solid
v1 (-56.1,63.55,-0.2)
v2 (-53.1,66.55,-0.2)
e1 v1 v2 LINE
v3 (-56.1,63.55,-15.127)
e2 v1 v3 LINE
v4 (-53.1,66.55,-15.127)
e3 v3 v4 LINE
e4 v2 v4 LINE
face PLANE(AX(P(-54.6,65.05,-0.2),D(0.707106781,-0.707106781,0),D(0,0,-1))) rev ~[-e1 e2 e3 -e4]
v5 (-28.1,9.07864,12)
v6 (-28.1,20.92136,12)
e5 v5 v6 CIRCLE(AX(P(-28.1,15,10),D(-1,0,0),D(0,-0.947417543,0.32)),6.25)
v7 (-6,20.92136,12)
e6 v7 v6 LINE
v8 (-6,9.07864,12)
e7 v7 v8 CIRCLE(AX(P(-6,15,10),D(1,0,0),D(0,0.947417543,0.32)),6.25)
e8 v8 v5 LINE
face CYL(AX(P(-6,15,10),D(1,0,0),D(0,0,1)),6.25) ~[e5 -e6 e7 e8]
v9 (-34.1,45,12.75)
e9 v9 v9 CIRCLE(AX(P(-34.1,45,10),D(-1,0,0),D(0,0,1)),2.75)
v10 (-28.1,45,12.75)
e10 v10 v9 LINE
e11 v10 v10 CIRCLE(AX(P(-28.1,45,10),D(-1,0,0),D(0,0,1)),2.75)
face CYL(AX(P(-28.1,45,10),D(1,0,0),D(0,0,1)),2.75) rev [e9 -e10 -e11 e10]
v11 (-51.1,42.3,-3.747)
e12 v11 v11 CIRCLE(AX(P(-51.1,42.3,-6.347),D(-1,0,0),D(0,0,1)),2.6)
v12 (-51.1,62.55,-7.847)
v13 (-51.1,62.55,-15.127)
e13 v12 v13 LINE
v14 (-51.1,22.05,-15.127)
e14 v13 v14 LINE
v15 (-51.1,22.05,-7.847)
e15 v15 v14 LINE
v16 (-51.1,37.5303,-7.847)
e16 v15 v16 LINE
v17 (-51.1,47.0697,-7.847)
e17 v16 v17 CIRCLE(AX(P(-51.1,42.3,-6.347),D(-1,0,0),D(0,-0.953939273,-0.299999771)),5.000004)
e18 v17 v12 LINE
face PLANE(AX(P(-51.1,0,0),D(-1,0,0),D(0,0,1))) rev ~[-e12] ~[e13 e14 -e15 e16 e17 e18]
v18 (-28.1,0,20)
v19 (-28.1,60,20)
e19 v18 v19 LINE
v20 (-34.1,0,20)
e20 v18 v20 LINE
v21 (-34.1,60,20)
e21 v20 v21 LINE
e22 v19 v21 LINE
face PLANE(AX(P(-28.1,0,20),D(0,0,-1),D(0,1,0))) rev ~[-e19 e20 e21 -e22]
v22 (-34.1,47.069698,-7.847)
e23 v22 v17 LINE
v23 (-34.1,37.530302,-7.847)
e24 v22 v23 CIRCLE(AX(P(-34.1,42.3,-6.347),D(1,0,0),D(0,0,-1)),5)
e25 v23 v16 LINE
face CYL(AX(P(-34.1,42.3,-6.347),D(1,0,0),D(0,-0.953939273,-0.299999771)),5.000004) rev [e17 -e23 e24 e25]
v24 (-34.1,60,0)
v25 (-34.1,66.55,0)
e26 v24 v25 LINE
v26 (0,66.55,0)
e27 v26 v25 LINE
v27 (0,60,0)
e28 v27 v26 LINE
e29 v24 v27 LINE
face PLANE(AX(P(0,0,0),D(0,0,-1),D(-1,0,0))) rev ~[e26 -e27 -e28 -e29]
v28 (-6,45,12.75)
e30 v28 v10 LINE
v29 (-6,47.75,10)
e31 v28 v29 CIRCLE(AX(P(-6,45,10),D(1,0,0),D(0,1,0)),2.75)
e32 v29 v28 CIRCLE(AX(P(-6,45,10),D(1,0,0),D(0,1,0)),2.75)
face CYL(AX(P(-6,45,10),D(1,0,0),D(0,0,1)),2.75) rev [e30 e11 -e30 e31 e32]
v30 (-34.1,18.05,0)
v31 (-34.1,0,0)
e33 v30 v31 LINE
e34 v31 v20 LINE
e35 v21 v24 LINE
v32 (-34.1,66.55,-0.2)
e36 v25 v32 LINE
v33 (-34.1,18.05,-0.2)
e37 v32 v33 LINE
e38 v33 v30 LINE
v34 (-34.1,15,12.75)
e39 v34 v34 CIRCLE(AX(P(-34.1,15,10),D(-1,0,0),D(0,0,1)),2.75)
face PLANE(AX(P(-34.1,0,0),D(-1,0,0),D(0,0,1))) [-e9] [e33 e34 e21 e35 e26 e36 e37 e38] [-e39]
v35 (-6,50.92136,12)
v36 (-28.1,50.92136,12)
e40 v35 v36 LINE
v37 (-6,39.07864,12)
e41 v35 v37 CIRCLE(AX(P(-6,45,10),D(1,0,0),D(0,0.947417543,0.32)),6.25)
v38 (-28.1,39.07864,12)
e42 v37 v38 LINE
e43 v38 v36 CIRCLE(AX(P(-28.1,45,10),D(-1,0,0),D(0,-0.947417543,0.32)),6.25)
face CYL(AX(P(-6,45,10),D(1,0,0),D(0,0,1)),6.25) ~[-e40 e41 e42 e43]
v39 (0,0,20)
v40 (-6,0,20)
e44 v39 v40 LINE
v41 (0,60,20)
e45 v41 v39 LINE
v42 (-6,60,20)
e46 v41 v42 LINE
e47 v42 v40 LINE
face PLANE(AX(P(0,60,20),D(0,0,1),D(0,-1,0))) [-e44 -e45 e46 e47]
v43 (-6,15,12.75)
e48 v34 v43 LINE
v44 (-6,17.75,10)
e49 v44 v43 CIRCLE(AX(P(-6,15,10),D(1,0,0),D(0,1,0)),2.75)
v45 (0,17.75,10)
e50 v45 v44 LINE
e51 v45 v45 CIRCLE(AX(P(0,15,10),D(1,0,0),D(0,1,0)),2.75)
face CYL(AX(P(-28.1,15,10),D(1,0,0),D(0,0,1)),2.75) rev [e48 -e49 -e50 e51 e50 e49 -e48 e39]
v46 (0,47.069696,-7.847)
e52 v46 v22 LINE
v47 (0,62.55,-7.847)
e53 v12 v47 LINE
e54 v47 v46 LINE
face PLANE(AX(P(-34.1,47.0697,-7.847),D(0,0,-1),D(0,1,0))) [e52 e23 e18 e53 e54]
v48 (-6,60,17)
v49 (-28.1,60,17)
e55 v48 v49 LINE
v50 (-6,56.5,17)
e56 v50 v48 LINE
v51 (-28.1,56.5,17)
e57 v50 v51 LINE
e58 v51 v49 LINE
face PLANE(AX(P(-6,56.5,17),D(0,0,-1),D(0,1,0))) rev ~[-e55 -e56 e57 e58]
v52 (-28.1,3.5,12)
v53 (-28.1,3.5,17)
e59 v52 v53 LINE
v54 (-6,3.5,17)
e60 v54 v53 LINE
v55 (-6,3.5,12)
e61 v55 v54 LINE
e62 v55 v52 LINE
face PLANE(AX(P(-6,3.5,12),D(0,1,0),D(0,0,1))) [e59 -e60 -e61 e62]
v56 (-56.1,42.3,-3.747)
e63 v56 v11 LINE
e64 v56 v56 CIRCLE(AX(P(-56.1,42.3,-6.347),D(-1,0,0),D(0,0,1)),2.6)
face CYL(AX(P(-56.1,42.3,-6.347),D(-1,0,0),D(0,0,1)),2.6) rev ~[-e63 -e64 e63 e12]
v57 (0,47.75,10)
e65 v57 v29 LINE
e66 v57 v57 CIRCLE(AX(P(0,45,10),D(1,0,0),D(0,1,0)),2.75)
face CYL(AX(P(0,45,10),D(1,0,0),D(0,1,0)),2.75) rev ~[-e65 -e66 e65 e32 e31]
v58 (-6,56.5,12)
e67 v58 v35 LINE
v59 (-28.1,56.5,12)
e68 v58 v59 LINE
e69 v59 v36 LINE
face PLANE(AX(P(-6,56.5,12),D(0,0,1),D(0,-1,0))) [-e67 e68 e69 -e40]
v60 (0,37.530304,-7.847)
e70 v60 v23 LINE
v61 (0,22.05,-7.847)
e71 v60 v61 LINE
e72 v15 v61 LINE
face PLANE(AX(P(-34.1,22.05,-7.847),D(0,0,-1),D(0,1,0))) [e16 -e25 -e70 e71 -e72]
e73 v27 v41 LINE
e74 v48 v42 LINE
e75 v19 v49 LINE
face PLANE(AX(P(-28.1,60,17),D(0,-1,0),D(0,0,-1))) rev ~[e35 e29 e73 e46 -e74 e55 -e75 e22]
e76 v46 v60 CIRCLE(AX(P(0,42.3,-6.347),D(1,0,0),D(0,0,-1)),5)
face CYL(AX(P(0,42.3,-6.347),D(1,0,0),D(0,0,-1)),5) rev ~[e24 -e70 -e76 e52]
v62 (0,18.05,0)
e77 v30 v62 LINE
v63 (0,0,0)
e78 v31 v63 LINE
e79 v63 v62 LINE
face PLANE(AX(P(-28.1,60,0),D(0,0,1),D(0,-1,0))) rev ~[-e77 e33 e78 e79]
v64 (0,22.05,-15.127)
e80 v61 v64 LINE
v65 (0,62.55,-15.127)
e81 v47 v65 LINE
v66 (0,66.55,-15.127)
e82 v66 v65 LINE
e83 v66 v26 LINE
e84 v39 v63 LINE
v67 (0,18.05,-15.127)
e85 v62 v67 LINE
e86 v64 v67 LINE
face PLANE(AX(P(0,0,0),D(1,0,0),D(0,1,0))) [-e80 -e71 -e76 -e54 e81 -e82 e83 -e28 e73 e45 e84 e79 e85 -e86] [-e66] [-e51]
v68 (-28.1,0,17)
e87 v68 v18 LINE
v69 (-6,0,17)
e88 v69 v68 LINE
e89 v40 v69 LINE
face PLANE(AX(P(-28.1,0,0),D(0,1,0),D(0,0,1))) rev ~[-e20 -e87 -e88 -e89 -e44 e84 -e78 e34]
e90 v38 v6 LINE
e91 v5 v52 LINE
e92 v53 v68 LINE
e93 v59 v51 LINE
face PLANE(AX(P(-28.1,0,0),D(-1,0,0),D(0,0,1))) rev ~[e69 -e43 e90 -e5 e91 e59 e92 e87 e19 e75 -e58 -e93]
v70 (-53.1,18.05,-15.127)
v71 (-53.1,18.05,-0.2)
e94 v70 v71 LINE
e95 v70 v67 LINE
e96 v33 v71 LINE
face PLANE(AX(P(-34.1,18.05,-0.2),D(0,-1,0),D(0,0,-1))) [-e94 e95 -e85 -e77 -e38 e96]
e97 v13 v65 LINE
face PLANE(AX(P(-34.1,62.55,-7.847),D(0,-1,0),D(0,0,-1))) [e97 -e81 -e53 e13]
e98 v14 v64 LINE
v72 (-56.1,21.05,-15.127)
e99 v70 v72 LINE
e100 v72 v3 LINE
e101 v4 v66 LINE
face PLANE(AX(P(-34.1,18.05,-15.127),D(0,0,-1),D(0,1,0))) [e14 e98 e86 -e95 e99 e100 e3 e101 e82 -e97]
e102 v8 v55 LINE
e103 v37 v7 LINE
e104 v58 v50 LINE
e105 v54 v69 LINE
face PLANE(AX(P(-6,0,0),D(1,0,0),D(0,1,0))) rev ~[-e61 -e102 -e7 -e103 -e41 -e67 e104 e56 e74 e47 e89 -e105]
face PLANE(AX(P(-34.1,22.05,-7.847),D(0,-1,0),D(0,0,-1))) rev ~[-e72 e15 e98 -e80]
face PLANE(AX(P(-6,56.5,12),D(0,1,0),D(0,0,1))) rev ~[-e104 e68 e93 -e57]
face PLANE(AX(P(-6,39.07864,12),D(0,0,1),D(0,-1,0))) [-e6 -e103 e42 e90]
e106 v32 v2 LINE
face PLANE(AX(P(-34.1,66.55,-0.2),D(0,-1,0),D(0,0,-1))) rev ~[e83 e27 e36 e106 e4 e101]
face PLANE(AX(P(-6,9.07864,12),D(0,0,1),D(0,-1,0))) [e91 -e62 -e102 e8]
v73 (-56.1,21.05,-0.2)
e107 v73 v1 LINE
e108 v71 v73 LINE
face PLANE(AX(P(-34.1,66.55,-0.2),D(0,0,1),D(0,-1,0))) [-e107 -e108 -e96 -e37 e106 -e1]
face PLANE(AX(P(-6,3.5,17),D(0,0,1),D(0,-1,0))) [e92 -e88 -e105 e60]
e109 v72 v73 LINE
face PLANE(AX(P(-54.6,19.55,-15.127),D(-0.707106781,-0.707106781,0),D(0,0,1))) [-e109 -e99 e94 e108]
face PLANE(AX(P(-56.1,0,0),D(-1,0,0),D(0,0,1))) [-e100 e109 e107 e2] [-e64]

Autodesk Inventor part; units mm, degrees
ref_plane "YZ Plane" through (0, 0, 0) normal (1, 0, 0) x (0, 1, 0)
ref_plane "XZ Plane" through (0, 0, 0) normal (0, 1, 0) x (-1, 0, 0)
ref_plane "XY Plane" through (0, 0, 0) normal (0, 0, 1) x (1, 0, 0)
sketch "Sketch1" plane through (0, 0, 0) normal (1, 0, 0) x (0, 1, 0)
  line L0 (0, 0) -> (60, 0)
  line L1 (60, 0) -> (60, 20)
  line L2 (60, 20) -> (0, 20)
  line L3 (0, 20) -> (0, 0)
  line L4 (60, 10) -> (0, 10) construction
  line L5 (60, 10) -> (30, 10) construction
  line L6 (30, 10) -> (0, 10) construction
  circle A0 centre (45, 10) radius 2.75
  circle A1 centre (15, 10) radius 2.75
  dimension "d0" = 60
  dimension "d1" = 20
  dimension "d2" = 5.5
  dimension "d3" = 5.5
extrude "Extrusion1" add sketch "Sketch1" against normal blind 6
sketch "Sketch2" plane through (-6, 0, 0) normal (-1, 0, 0) x (0, 0, 1)
  circle A0 centre (10, 45) radius 2.75 projected
  circle A1 centre (10, 15) radius 2.75 projected
  circle A2 centre (10, 45) radius 6.25
  circle A3 centre (10, 15) radius 6.25
  line L0 (20, 60) -> (0, 60) projected
  line L1 (12, 60) -> (12, 0)
  line L2 (8, 60) -> (8, 0)
  line L3 (0, 0) -> (20, 0) projected
  line L4 (0, 60) -> (0, 0) projected
  line L5 (20, 0) -> (20, 60) projected
  line L6 (12, 56.5) -> (17, 56.5)
  line L7 (17, 56.5) -> (17, 60)
  line L8 (8, 56.5) -> (3, 56.5)
  line L9 (3, 56.5) -> (3, 60)
  line L10 (8, 3.5) -> (3, 3.5)
  line L11 (3, 3.5) -> (3, 0)
  line L12 (12, 3.5) -> (17, 3.5)
  line L13 (17, 3.5) -> (17, 0)
  point P0 (12, 39.0786)
  point P1 (12, 50.9214)
  point P2 (8, 50.9214)
  point P3 (8, 39.0786)
  point P4 (8, 20.9214)
  point P5 (8, 9.0786)
  point P6 (12, 9.0786)
  point P7 (12, 20.9214)
  dimension "d6" = 3.5
  dimension "d7" = 8
  dimension "d8" = 8
  dimension "d9" = 3.5
  dimension "d10" = 3.5
  dimension "d11" = 3.5
  dimension "d16" = 3.5
extrude "Extrusion2" add sketch "Sketch2" along normal blind 22.1 contours A0 L1 A2 | A0 L2 A2 L1 | L1 A2 L2 A0 | A0 L2 A2 | A2 L2 L0 L1 | L1 A3 L2 A2 | A2 L2 A3 L10 L11 L3 L4 L0 L9 L8 | L1 L0 L7 L6 | L1 A1 L2 A3 | A3 L1 A1 | L8 L9 L0 L2 | L2 A1 A3 | L2 A1 L1 A3 | A3 L1 L3 L2 | L2 L3 L11 L10 | L12 L13 L3 L1
sketch "Sketch3" plane through (-28.1, 0, 0) normal (-1, 0, 0) x (0, 0, 1)
  circle A0 centre (10, 45) radius 2.75 projected
  circle A1 centre (10, 15) radius 2.75 projected
  line L0 (20, 0) -> (20, 60) projected
  line L1 (0, 0) -> (20, 0) projected
  line L2 (0, 0) -> (20, 0) projected
  line L3 (0, 0) -> (20, 0) projected
  line L4 (0, 60) -> (0, 0) projected
  line L5 (20, 60) -> (17, 60) projected
  line L6 (20, 60) -> (0, 60) projected
  line L7 (20, 60) -> (17, 60) projected
  point P0 (17, 0)
  point P1 (3, 0)
  point P2 (3, 60)
extrude "Extrusion3" add sketch "Sketch3" along normal blind 6
sketch "Sketch4" plane through (0, 0, 0) normal (0, 0, -1) x (-1, 0, 0)
  line L0 (0, 60) -> (0, 0) projected
  line L1 (34.1, 60) -> (34.1, 0) projected
  line L2 (0, 60) -> (34.1, 60)
  line L3 (34.1, 60) -> (34.1, 24.6)
  line L4 (34.1, 24.6) -> (0, 24.6)
  line L5 (0, 24.6) -> (0, 60)
  line L6 (34.1, 0) -> (34.1, 60) projected
  line L7 (0, 0) -> (0, 60) projected
  line L8 (34.1, 62.55) -> (0, 62.55)
  line L9 (0, 62.55) -> (0, 22.05)
  line L10 (0, 22.05) -> (34.1, 22.05)
  line L11 (34.1, 22.05) -> (34.1, 62.55)
  line L12 (0, 66.55) -> (34.1, 66.55)
  line L13 (34.1, 18.05) -> (0, 18.05)
  line L14 (2.6912, 62.55) -> (2.6912, 22.05) construction
  line L15 (34.1, 62.55) -> (34.1, 66.55)
  line L16 (0, 62.55) -> (0, 66.55)
  point P0 (34.1, 54.55)
  point P1 (0, 54.55)
  point P2 (2.6912, 42.3)
  dimension "d17" = 35.4
  dimension "d18" = 40.5
  dimension "d20" = 4
  dimension "d45" = 17.7
  dimension "d46" = 4
extrude "Extrusion4" add sketch "Sketch4" along normal blind 7.847
sketch "Sketch5" plane through (0, 0, -7.847) normal (0, 0, -1) x (-1, 0, 0)
  line L0 (34.1, 18.05) -> (34.1, 66.55) projected
  line L1 (34.1, 66.55) -> (0, 66.55) projected
  line L2 (0, 66.55) -> (0, 18.05) projected
  line L3 (0, 18.05) -> (34.1, 18.05) projected
  line L4 (34.1, 18.05) -> (34.1, 54.55) projected
  line L5 (0, 54.55) -> (0, 18.05) projected
  line L6 (34.1, 62.55) -> (0, 62.55)
  line L7 (0, 62.55) -> (0, 22.05)
  line L8 (0, 22.05) -> (34.1, 22.05)
  line L9 (34.1, 22.05) -> (34.1, 62.55)
  point P0 (0, 0)
  point P1 (0, 62.55)
  point P2 (34.1, 22.05)
  dimension "d23" = 40.5
  dimension "d24" = 4
extrude "Extrusion5" add sketch "Sketch5" along normal blind 7.28 contours L3 L2 L8 L0 | L6 L2 L1 L0
sketch "Sketch6" plane through (0, 0, 0) normal (1, 0, 0) x (0, 0, -1)
  line L0 (7.847, 22.05) -> (15.127, 22.05) construction
  line L1 (7.847, 62.55) -> (15.127, 62.55) construction
  line L2 (7.847, 22.05) -> (10.847, 22.05) construction
  line L3 (10.847, 22.05) -> (10.847, 62.55) construction
  line L4 (10.847, 62.55) -> (7.847, 62.55) construction
  line L5 (7.847, 62.55) -> (7.847, 22.05) construction
  line L6 (7.847, 22.05) -> (7.847, 62.55) construction
  line L7 (7.847, 42.3) -> (1.4795, 42.3) construction
  circle A0 centre (6.347, 42.3) radius 2.5 construction
  circle A1 centre (6.347, 42.3) radius 4.5
  line L8 (0, 60) -> (-20, 60) projected
  line L9 (-20, 60) -> (-20, 0) projected
  line L10 (-20, 0) -> (0, 0) projected
  line L11 (0, 0) -> (0, 18.05) projected
  circle A2 centre (-10, 45) radius 2.75 projected
  circle A3 centre (-10, 15) radius 2.75 projected
  circle A4 centre (6.347, 42.3) radius 5
  line L12 (0, 18.05) -> (15.127, 18.05) projected
  line L13 (15.127, 22.05) -> (15.127, 18.05) projected
  line L14 (7.847, 22.05) -> (15.127, 22.05) projected
  line L15 (7.847, 62.55) -> (7.847, 22.05) projected
  line L16 (7.847, 62.55) -> (15.127, 62.55) projected
  line L17 (15.127, 66.55) -> (15.127, 62.55) projected
  line L18 (0, 66.55) -> (15.127, 66.55) projected
  line L19 (0, 66.55) -> (0, 60) projected
  point P0 (7.847, 47.0697)
  point P1 (7.847, 37.5303)
  dimension "d27" = 3
  dimension "d28" = 5
  dimension "d29" = 2
  dimension "d30" = 2
  dimension "d31" = 0.5
extrude "Extrusion6" cut sketch "Sketch6" against normal through all contours L15 A1 | A1 L15 A4 picked at (4.8498, 43.4746) picked at (1.5593, 41.9128)
sketch "Sketch8" plane through (-34.1, 0, 0) normal (-1, 0, 0) x (0, 0, 1)
  line L0 (0, 18.05) -> (0, 0) projected
  line L1 (0, 0) -> (20, 0) projected
  line L2 (20, 0) -> (20, 60) projected
  line L3 (20, 60) -> (0, 60) projected
  circle A0 centre (10, 45) radius 2.75 projected
  circle A1 centre (10, 15) radius 2.75 projected
  line L4 (-0.2, 66.55) -> (-0.2, 18.05)
  line L5 (0, 18.05) -> (-15.127, 18.05) projected
  line L6 (0, 60) -> (0, 66.55) projected
  line L7 (0, 66.55) -> (-15.127, 66.55) projected
  line L8 (-15.127, 62.55) -> (-15.127, 66.55) projected
  line L9 (-7.847, 62.55) -> (-15.127, 62.55) projected
  line L10 (-7.847, 22.05) -> (-7.847, 37.5303) projected
  line L11 (-7.847, 22.05) -> (-15.127, 22.05) projected
  line L12 (-15.127, 18.05) -> (-15.127, 22.05) projected
  line L13 (0, 18.05) -> (-15.127, 18.05) projected
  arc A2 (-7.847, 37.5303) -> (-7.847, 47.0697) centre (-6.347, 42.3) ccw projected
  arc A3 (-7.847, 37.5303) -> (-7.847, 47.0697) centre (-6.347, 42.3) ccw projected
  line L14 (-7.847, 47.0697) -> (-7.847, 62.55) projected
  dimension "d34" = 0.2
extrude "Extrusion7" add sketch "Sketch8" along normal blind 17 contours L5 L12 L11 L10 A2 L14 L9 L8 L7 L4
sketch "Sketch9" plane through (-51.1, 0, 0) normal (-1, 0, 0) x (0, 0, 1)
  line L0 (-15.127, 22.05) -> (-15.127, 18.05) projected
  line L1 (-0.2, 18.05) -> (-0.2, 66.55) projected
  line L2 (-15.127, 22.05) -> (-15.127, 18.05) projected
  line L3 (-15.127, 18.05) -> (-15.127, 62.55)
  line L4 (-15.127, 62.55) -> (-7.847, 62.55) projected
  line L5 (-7.847, 37.5303) -> (-7.847, 22.05) projected
  line L6 (-7.847, 22.05) -> (-15.127, 22.05) projected
  line L7 (-15.127, 18.05) -> (-0.2, 18.05) projected
  line L8 (-0.2, 66.55) -> (-15.127, 66.55) projected
  line L9 (-15.127, 66.55) -> (-15.127, 62.55) projected
  arc A0 (-7.847, 37.5303) -> (-7.847, 47.0697) centre (-6.347, 42.3) ccw projected
  line L10 (-7.847, 62.55) -> (-7.847, 47.0697) projected
  point P0 (0, 0)
  point P1 (-15.127, 22.05)
extrude "Extrusion8" add sketch "Sketch9" along normal blind 5
sketch "Sketch10" plane through (-56.1, 0, 0) normal (-1, 0, 0) x (0, 0, 1)
  arc A0 (-7.847, 37.5303) -> (-7.847, 47.0697) centre (-6.347, 42.3) ccw projected
  circle A1 centre (-6.347, 42.3) radius 2.6
  point P0 (0, 0)
  dimension "d39" = 5.2
extrude "Extrusion9" cut sketch "Sketch10" against normal up to next
chamfer "Chamfer1" distance 3 angle 45 2 edges at (-56.1, 66.55, -7.6635) (-56.1, 18.05, -7.6635)
equation "\"d3\" = d2"
equation "\"d16\" = d6"
equation "\"d46\" = d20"
properties part number "Y Axis Belt Adjustable and Plate Spacer"
